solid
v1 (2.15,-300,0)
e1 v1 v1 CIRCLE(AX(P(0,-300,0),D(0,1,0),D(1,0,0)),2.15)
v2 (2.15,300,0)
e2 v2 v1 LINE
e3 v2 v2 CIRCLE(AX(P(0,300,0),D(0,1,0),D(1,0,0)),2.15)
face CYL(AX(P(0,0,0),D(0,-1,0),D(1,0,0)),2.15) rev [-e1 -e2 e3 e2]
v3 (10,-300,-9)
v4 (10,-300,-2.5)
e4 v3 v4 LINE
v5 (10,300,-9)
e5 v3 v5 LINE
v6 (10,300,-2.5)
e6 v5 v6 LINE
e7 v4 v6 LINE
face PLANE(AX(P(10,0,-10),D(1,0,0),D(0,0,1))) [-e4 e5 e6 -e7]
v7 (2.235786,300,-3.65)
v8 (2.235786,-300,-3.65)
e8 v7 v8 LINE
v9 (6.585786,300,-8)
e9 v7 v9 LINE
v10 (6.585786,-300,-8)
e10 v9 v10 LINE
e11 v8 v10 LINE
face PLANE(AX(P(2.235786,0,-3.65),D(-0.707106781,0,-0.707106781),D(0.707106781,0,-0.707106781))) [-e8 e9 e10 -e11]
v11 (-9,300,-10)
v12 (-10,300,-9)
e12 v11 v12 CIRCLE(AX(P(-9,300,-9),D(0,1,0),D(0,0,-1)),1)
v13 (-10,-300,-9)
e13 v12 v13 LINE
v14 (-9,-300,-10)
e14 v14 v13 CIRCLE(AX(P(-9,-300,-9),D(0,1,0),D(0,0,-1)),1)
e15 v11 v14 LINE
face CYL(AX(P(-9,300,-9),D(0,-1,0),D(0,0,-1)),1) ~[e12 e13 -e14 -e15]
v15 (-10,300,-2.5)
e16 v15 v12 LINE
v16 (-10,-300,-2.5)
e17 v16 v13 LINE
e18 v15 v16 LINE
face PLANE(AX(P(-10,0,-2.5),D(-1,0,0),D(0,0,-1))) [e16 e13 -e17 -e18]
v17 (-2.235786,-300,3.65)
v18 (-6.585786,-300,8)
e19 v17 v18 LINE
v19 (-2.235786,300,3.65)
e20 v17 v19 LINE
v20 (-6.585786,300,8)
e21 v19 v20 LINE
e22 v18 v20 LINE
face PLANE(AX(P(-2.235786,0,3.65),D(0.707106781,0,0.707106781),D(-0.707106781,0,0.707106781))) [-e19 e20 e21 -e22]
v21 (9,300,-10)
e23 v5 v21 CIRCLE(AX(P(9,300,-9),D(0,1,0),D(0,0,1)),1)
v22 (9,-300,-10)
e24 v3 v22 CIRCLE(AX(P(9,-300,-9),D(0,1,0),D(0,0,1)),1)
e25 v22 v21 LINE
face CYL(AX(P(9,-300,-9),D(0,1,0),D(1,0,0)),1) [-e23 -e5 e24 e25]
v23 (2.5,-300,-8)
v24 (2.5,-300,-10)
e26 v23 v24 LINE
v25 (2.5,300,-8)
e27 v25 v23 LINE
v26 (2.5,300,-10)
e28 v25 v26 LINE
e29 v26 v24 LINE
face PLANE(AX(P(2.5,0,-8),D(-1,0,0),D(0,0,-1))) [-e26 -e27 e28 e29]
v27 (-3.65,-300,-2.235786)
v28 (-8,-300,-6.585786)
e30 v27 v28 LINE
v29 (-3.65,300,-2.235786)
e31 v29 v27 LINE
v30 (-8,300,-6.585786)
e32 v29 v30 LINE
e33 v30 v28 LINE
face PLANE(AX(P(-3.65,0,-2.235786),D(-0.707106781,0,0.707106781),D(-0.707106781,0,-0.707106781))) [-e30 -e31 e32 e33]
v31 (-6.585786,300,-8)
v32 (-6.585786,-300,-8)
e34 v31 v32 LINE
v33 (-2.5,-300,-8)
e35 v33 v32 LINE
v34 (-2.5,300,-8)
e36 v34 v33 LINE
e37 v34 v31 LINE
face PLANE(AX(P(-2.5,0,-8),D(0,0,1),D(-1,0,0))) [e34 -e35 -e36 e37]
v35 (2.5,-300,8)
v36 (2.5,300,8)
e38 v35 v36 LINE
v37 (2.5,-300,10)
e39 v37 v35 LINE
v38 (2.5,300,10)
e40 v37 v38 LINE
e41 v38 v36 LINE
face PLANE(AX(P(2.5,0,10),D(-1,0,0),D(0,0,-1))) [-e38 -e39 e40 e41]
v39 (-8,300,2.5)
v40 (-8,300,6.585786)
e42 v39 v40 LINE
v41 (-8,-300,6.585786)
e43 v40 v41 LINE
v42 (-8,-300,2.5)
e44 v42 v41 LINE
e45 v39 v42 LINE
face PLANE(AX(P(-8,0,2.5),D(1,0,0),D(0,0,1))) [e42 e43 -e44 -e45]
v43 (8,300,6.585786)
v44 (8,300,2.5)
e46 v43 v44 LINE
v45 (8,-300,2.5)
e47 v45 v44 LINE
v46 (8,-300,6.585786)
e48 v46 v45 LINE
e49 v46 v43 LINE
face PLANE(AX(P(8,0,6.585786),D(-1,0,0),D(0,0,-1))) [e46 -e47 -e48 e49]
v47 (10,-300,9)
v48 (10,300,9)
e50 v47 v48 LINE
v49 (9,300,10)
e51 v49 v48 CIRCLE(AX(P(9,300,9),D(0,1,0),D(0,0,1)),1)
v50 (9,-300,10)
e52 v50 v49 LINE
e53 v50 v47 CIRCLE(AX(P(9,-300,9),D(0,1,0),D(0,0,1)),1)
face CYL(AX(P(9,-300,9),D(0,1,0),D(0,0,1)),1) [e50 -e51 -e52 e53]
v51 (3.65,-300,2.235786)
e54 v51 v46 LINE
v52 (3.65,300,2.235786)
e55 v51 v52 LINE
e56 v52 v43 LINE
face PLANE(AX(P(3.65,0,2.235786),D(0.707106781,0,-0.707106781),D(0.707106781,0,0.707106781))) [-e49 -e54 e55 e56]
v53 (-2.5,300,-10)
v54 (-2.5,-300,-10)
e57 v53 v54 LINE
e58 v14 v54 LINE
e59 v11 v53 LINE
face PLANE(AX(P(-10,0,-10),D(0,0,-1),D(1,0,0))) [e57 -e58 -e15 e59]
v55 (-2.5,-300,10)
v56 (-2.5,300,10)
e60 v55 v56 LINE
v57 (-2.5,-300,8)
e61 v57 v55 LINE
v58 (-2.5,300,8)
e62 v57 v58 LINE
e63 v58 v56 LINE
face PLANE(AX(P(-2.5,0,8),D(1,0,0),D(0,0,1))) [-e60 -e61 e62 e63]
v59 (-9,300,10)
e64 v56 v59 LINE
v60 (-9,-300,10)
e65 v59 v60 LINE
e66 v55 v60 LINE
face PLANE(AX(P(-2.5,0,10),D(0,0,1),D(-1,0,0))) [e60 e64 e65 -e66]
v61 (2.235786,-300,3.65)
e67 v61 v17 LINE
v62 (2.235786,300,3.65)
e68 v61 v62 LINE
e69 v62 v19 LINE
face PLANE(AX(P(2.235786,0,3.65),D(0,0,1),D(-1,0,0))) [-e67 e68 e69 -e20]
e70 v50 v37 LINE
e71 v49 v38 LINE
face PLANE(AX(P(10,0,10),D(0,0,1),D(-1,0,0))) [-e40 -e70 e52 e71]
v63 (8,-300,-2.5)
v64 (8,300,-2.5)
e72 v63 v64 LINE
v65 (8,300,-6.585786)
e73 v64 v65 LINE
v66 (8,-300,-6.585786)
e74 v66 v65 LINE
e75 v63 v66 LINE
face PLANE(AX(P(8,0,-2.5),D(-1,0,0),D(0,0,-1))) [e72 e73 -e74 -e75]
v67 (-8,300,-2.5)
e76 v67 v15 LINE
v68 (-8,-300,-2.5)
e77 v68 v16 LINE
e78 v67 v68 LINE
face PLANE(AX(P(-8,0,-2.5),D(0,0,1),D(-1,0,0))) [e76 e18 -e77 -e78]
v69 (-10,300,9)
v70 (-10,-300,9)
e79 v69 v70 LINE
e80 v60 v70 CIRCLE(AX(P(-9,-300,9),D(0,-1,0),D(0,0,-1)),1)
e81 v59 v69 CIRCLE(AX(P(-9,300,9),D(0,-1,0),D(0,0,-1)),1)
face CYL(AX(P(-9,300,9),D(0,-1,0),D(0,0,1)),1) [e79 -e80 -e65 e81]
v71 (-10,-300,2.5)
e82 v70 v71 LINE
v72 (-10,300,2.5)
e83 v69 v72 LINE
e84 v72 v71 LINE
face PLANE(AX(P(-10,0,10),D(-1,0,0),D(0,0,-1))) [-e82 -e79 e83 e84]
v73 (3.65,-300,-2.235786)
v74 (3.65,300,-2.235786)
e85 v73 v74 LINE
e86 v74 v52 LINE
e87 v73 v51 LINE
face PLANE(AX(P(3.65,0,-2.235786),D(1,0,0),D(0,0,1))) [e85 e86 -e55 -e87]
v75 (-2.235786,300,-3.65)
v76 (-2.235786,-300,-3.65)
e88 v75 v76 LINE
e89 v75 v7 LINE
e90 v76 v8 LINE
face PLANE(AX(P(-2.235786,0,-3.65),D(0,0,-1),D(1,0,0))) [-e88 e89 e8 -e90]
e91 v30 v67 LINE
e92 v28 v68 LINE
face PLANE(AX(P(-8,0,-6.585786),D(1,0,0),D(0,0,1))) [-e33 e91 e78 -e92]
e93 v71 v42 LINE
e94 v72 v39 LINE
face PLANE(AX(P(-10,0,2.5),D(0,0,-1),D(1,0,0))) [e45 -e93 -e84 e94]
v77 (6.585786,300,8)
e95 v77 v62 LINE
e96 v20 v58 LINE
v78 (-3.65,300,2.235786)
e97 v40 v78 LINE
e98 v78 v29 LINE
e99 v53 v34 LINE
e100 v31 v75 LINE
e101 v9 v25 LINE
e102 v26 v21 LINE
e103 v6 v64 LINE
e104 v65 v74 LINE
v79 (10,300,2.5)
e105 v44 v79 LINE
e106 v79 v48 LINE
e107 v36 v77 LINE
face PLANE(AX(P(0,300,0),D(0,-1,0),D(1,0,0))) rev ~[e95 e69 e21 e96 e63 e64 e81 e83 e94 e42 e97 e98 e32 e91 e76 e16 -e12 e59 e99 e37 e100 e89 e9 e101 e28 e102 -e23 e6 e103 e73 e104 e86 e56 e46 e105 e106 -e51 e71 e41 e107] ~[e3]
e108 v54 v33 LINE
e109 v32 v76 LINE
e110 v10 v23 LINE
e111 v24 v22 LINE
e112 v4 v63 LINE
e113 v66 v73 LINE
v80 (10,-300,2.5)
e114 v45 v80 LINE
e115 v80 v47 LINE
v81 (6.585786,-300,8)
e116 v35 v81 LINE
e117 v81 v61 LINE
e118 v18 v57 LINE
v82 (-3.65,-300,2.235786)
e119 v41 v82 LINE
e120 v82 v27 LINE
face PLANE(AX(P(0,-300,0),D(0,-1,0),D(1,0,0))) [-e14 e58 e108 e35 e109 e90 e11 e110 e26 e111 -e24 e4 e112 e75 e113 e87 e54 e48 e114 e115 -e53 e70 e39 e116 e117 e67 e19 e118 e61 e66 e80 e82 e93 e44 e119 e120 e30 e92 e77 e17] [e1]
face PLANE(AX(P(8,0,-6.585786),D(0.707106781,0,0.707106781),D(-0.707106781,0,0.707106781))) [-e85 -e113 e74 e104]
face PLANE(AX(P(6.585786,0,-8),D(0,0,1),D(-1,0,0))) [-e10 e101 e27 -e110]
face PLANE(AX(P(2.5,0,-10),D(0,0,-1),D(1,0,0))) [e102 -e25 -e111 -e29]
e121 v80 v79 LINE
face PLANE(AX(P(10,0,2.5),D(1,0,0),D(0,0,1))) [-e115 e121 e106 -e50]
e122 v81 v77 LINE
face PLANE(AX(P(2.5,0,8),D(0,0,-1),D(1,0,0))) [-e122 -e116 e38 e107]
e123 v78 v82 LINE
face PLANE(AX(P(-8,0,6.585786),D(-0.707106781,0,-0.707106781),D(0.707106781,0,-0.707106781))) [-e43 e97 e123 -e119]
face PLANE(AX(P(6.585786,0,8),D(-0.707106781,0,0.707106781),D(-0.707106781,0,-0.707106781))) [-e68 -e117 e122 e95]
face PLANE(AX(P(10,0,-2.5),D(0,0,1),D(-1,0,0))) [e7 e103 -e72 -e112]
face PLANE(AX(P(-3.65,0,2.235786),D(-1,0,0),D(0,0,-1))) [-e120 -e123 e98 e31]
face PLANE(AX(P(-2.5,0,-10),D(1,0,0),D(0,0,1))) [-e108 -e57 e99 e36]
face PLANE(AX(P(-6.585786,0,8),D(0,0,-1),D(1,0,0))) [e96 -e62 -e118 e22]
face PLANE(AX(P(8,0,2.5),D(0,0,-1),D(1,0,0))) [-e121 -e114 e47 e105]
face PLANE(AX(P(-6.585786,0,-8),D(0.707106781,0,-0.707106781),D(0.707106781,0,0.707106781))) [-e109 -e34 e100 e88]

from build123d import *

# Parameters (mm, degrees)
F1_DEPTH      = 300
F1_DEPTH_BACK = 300
F2_R          = 1


with BuildPart() as f1:
    # F0 (on Front) → F1 (new body, two sides)
    with BuildSketch(Plane.XZ) as f1_sk:
        Polygon((-2.5, 10), (-10, 10), (-10, 2.5), (-8, 2.5), (-8, 6.585786), (-3.65, 2.235786), (-3.65, 0), (-3.65, -2.235786), (-8, -6.585786), (-8, -2.5), (-10, -2.5), (-10, -10), (-2.5, -10), (-2.5, -8), (-6.585786, -8), (-2.235786, -3.65), (2.235786, -3.65), (6.585786, -8), (2.5, -8), (2.5, -10), (10, -10), (10, -2.5), (8, -2.5), (8, -6.585786), (3.65, -2.235786), (3.65, 0), (3.65, 2.235786), (8, 6.585786), (8, 2.5), (10, 2.5), (10, 10), (2.5, 10), (2.5, 8), (6.585786, 8), (2.235786, 3.65), (-2.235786, 3.65), (-6.585786, 8), (-2.5, 8), align=None)
        with BuildLine():
            ThreePointArc((-2.15, 0), (0, 2.15), (2.15, 0))
            ThreePointArc((2.15, 0), (0, -2.15), (-2.15, 0))
        make_face(mode=Mode.SUBTRACT)
    extrude(amount=F1_DEPTH)
    extrude(f1_sk.sketch, amount=-F1_DEPTH_BACK)

    # F2
    f2_edges = [f1.edges().sort_by_distance(p)[0] for p in [
        (-10, 0, 10),
        (10, 0, 10),
        (-10, 0, -10),
        (10, 0, -10),
    ]]
    fillet(f2_edges, radius=F2_R)


solid = f1.part
